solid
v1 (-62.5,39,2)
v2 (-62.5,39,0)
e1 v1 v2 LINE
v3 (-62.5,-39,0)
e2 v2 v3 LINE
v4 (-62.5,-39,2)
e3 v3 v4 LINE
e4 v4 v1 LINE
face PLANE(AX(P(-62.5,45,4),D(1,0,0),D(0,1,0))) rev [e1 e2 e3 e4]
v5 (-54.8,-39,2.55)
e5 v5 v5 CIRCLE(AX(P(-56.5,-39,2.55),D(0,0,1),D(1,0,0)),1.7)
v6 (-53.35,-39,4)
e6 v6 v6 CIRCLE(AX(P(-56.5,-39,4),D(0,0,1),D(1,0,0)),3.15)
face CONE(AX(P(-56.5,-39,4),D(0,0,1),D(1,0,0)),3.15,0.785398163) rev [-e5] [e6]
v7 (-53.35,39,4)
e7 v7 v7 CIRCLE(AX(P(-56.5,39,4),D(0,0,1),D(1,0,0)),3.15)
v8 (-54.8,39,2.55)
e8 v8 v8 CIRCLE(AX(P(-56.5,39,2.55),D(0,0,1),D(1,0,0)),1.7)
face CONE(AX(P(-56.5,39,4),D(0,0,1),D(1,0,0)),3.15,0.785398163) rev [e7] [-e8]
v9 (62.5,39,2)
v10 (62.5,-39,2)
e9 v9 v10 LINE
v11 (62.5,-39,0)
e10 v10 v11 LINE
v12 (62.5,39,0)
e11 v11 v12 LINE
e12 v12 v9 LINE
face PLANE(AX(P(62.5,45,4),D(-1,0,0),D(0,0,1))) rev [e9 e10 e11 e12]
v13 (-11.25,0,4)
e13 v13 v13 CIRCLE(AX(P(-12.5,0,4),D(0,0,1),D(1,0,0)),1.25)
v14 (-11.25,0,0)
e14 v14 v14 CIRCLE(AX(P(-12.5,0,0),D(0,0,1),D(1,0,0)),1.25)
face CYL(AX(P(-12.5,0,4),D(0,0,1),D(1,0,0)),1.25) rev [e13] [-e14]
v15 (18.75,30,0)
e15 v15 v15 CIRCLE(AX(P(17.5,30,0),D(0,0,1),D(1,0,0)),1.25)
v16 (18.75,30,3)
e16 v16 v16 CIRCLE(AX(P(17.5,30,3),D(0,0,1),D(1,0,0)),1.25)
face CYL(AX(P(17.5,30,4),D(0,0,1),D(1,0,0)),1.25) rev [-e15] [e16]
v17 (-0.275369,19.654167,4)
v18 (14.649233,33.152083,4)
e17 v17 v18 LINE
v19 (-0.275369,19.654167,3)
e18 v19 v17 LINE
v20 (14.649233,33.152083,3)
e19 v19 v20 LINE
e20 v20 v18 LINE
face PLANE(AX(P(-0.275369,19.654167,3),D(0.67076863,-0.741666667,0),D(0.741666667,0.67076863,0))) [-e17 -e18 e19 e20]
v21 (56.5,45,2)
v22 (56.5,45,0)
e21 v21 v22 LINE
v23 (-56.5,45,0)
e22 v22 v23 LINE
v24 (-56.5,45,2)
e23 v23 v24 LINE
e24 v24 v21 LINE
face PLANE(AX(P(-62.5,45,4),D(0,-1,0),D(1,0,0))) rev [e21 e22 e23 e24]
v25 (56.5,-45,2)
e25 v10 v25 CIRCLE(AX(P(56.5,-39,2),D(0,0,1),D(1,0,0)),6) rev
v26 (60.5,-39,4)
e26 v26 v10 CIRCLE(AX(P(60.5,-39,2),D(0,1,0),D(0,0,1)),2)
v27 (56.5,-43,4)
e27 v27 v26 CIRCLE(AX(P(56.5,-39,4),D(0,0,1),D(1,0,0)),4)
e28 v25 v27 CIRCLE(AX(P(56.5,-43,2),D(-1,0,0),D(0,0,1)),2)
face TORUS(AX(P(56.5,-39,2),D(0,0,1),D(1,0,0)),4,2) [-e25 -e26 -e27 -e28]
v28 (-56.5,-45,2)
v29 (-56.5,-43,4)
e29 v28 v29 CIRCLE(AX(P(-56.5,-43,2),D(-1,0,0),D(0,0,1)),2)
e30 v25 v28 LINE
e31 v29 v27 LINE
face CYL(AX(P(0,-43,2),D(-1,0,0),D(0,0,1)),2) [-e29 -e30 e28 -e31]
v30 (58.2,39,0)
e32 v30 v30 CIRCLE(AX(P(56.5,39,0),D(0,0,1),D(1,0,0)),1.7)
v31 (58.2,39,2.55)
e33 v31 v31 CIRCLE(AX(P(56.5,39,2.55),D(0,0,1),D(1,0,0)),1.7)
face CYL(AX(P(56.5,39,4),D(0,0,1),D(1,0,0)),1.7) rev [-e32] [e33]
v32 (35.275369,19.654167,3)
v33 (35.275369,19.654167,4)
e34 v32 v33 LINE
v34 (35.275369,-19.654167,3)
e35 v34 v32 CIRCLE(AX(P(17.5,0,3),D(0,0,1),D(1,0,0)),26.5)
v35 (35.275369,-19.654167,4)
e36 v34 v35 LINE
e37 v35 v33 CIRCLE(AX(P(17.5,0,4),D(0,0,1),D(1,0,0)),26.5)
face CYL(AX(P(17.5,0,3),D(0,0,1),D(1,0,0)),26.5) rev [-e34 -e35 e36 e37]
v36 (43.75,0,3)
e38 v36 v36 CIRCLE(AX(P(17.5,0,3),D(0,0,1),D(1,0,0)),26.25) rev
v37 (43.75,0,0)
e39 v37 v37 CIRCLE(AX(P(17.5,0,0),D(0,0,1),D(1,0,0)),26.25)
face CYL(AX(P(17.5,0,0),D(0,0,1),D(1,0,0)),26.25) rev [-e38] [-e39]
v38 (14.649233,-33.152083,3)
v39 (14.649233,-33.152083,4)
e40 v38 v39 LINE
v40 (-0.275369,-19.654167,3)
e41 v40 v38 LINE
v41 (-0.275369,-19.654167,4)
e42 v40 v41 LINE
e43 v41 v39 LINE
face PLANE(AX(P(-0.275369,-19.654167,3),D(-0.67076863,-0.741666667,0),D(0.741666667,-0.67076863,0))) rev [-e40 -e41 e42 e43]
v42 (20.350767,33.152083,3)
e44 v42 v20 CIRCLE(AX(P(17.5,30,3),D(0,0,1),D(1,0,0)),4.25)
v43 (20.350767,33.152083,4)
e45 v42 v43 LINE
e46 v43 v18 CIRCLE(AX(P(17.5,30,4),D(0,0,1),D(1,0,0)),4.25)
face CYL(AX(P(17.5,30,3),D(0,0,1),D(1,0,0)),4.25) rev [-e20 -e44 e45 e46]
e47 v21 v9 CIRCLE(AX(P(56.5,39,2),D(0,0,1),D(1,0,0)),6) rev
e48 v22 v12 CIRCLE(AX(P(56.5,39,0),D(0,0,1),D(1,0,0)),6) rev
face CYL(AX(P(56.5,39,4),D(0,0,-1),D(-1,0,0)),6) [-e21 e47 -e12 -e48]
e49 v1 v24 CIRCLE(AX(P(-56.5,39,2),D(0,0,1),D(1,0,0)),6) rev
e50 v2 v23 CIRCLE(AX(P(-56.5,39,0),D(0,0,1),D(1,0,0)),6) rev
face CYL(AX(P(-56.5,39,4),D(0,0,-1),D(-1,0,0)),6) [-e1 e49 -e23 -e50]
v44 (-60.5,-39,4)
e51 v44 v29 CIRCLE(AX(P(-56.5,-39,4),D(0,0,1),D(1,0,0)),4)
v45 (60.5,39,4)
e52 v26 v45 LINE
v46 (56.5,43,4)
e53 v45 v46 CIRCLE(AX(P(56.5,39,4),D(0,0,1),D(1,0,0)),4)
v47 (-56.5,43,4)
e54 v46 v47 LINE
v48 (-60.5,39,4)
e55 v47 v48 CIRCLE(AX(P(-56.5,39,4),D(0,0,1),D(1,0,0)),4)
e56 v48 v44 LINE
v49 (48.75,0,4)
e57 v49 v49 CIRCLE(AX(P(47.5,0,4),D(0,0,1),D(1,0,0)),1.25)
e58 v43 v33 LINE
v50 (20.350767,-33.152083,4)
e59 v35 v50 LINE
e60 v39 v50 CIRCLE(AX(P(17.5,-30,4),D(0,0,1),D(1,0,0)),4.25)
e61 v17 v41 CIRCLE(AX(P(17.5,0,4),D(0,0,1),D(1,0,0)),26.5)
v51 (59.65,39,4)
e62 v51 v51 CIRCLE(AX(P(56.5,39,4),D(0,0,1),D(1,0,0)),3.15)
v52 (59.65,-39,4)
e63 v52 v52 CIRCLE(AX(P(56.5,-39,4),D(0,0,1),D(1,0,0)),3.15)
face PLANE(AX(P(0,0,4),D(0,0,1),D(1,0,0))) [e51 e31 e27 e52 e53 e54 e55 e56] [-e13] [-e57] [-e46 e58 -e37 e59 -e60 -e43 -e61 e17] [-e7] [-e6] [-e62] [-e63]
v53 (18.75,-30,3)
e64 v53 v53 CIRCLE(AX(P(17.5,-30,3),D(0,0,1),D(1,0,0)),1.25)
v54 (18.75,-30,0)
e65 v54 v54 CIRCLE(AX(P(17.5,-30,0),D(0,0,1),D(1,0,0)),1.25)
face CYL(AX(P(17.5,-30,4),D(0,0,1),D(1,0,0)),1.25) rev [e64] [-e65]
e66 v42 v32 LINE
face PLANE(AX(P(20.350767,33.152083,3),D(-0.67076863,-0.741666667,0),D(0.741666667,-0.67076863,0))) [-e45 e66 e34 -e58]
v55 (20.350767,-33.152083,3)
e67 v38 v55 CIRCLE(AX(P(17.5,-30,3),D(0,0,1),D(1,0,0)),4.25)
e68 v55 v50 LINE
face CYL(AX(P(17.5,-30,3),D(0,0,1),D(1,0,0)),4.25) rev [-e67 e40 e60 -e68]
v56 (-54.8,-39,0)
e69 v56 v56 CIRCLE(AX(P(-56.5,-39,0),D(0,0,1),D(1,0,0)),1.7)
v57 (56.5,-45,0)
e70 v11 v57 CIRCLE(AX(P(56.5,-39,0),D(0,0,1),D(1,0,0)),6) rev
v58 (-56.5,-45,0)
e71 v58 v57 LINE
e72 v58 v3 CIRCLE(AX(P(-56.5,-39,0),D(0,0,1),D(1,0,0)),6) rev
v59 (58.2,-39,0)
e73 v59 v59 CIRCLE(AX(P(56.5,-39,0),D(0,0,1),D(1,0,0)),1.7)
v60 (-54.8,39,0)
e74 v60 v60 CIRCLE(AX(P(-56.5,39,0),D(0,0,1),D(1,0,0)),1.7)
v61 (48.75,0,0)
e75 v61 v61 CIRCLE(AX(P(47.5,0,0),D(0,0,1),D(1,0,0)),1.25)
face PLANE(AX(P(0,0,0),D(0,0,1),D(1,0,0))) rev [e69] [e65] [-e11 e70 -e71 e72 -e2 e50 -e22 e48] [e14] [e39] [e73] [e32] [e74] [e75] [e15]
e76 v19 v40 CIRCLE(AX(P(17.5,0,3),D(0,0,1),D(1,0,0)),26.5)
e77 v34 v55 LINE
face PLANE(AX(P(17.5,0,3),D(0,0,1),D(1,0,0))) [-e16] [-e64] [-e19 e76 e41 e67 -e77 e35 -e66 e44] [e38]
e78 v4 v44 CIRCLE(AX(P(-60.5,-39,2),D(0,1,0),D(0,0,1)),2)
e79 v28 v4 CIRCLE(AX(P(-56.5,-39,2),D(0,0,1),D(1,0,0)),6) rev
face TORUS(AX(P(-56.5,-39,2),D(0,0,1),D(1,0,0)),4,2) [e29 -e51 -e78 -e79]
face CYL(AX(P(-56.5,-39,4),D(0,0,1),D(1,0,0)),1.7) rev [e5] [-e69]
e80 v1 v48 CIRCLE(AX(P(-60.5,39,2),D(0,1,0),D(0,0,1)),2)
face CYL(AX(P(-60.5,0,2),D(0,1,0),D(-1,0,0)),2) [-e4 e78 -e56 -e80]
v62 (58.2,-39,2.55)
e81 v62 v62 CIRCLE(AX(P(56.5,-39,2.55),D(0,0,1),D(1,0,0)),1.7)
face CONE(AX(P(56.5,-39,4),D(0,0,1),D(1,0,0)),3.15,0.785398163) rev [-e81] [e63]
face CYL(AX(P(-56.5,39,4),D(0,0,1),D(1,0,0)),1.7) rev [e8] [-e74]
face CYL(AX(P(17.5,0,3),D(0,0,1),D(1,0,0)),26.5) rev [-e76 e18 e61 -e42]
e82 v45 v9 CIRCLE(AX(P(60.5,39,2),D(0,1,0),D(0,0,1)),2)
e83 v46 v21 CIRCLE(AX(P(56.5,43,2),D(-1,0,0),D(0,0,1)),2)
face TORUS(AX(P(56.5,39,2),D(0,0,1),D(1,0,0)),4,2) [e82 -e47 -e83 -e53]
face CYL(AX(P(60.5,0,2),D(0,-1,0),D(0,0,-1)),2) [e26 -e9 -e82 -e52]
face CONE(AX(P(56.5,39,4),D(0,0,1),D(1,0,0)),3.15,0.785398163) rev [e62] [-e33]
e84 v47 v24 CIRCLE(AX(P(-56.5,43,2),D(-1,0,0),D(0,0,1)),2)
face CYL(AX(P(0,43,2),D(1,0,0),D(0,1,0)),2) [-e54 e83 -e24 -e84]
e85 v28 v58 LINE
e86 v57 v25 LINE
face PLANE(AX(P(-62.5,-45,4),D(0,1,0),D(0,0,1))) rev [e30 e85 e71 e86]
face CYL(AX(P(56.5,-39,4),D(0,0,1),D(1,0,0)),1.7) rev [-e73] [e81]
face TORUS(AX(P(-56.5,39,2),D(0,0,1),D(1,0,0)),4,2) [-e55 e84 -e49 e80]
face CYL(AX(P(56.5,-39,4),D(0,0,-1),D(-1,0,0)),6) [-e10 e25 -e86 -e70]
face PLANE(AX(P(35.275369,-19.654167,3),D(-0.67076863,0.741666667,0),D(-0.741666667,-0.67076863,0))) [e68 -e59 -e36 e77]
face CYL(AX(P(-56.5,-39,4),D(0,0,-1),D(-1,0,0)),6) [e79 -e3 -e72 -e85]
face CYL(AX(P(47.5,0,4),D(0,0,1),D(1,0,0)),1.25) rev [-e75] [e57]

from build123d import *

# Parameters (mm, degrees)
SKETCH1_W                                       = 125
SKETCH1_H                                       = 90
BOSS_EXTRUDE1_DEPTH                             = 4
SKETCH2_R                                       = 26.25
CUT_EXTRUDE2_DEPTH                              = 78.11841544
FILLET1_R                                       = 6
FILLET2_R                                       = 2
CSK_FOR_M3_FLAT_HEAD_MACHINE_SCREW1_D           = 3.4
CSK_FOR_M3_FLAT_HEAD_MACHINE_SCREW1_CSINK_D     = 6.3
CSK_FOR_M3_FLAT_HEAD_MACHINE_SCREW1_CSINK_ANGLE = 90
CUT_EXTRUDE3_DEPTH                              = 1
M3X0_5_TAPPED_HOLE1_D                           = 2.5


with BuildPart() as part:
    # Sketch1 → Boss-Extrude1 (new body)
    with BuildSketch(Plane.XY):
        Rectangle(SKETCH1_W, SKETCH1_H)
    extrude(amount=BOSS_EXTRUDE1_DEPTH)

    # Sketch2 → Cut-Extrude2 (cut, through all)
    with BuildSketch(Plane.XY.offset(4)):
        with Locations((17.5, 0)):
            Circle(SKETCH2_R)
    extrude(amount=-CUT_EXTRUDE2_DEPTH, mode=Mode.SUBTRACT)

    # Fillet1
    fillet1_edges = [part.edges().sort_by_distance(p)[0] for p in [
        (62.5, -45, 2),
        (-62.5, -45, 2),
        (-62.5, 45, 2),
        (62.5, 45, 2),
    ]]
    fillet(fillet1_edges, radius=FILLET1_R)

    # Fillet2
    fillet2_edges = [part.edges().sort_by_distance(p)[0] for p in [
        (0, -45, 4),
        (-62.5, 0, 4),
        (62.5, 0, 4),
        (0, 45, 4),
        (-60.742640687, 43.242640687, 4),
        (60.742640687, 43.242640687, 4),
        (60.742640687, -43.242640687, 4),
        (-60.742640687, -43.242640687, 4),
    ]]
    fillet(fillet2_edges, radius=FILLET2_R)

    # CSK for M3 Flat Head Machine Screw1 (through all)
    with Locations(Plane.XY.offset(4)):
        with Locations((-56.5, 39), (56.5, 39), (56.5, -39), (-56.5, -39)):
            CounterSinkHole(CSK_FOR_M3_FLAT_HEAD_MACHINE_SCREW1_D / 2, CSK_FOR_M3_FLAT_HEAD_MACHINE_SCREW1_CSINK_D / 2, counter_sink_angle=CSK_FOR_M3_FLAT_HEAD_MACHINE_SCREW1_CSINK_ANGLE)

    # Sketch2<5> → Cut-Extrude3 (cut)
    with BuildSketch(Plane.XY.offset(4)):
        with BuildLine():
            Line((-0.275368706, 19.654166667), (14.649233321, 33.152083333))
            ThreePointArc((14.649233321, 33.152083333), (17.5, 34.25), (20.350766679, 33.152083333))
            Line((20.350766679, 33.152083333), (35.275368706, 19.654166667))
            ThreePointArc((35.275368706, 19.654166667), (44, 0), (35.275368706, -19.654166667))
            Line((35.275368706, -19.654166667), (20.350766679, -33.152083333))
            ThreePointArc((20.350766679, -33.152083333), (17.5, -34.25), (14.649233321, -33.152083333))
            Line((14.649233321, -33.152083333), (-0.275368706, -19.654166667))
            ThreePointArc((-0.275368706, -19.654166667), (-9, 0), (-0.275368706, 19.654166667))
        make_face()
    extrude(amount=-CUT_EXTRUDE3_DEPTH, mode=Mode.SUBTRACT)

    # M3x0.5 Tapped Hole1 (through all)
    with Locations(Plane.XY.offset(4)):
        with Locations((17.5, 30), (47.5, 0), (17.5, -30), (-12.5, 0)):
            Hole(M3X0_5_TAPPED_HOLE1_D / 2)


solid = part.part
